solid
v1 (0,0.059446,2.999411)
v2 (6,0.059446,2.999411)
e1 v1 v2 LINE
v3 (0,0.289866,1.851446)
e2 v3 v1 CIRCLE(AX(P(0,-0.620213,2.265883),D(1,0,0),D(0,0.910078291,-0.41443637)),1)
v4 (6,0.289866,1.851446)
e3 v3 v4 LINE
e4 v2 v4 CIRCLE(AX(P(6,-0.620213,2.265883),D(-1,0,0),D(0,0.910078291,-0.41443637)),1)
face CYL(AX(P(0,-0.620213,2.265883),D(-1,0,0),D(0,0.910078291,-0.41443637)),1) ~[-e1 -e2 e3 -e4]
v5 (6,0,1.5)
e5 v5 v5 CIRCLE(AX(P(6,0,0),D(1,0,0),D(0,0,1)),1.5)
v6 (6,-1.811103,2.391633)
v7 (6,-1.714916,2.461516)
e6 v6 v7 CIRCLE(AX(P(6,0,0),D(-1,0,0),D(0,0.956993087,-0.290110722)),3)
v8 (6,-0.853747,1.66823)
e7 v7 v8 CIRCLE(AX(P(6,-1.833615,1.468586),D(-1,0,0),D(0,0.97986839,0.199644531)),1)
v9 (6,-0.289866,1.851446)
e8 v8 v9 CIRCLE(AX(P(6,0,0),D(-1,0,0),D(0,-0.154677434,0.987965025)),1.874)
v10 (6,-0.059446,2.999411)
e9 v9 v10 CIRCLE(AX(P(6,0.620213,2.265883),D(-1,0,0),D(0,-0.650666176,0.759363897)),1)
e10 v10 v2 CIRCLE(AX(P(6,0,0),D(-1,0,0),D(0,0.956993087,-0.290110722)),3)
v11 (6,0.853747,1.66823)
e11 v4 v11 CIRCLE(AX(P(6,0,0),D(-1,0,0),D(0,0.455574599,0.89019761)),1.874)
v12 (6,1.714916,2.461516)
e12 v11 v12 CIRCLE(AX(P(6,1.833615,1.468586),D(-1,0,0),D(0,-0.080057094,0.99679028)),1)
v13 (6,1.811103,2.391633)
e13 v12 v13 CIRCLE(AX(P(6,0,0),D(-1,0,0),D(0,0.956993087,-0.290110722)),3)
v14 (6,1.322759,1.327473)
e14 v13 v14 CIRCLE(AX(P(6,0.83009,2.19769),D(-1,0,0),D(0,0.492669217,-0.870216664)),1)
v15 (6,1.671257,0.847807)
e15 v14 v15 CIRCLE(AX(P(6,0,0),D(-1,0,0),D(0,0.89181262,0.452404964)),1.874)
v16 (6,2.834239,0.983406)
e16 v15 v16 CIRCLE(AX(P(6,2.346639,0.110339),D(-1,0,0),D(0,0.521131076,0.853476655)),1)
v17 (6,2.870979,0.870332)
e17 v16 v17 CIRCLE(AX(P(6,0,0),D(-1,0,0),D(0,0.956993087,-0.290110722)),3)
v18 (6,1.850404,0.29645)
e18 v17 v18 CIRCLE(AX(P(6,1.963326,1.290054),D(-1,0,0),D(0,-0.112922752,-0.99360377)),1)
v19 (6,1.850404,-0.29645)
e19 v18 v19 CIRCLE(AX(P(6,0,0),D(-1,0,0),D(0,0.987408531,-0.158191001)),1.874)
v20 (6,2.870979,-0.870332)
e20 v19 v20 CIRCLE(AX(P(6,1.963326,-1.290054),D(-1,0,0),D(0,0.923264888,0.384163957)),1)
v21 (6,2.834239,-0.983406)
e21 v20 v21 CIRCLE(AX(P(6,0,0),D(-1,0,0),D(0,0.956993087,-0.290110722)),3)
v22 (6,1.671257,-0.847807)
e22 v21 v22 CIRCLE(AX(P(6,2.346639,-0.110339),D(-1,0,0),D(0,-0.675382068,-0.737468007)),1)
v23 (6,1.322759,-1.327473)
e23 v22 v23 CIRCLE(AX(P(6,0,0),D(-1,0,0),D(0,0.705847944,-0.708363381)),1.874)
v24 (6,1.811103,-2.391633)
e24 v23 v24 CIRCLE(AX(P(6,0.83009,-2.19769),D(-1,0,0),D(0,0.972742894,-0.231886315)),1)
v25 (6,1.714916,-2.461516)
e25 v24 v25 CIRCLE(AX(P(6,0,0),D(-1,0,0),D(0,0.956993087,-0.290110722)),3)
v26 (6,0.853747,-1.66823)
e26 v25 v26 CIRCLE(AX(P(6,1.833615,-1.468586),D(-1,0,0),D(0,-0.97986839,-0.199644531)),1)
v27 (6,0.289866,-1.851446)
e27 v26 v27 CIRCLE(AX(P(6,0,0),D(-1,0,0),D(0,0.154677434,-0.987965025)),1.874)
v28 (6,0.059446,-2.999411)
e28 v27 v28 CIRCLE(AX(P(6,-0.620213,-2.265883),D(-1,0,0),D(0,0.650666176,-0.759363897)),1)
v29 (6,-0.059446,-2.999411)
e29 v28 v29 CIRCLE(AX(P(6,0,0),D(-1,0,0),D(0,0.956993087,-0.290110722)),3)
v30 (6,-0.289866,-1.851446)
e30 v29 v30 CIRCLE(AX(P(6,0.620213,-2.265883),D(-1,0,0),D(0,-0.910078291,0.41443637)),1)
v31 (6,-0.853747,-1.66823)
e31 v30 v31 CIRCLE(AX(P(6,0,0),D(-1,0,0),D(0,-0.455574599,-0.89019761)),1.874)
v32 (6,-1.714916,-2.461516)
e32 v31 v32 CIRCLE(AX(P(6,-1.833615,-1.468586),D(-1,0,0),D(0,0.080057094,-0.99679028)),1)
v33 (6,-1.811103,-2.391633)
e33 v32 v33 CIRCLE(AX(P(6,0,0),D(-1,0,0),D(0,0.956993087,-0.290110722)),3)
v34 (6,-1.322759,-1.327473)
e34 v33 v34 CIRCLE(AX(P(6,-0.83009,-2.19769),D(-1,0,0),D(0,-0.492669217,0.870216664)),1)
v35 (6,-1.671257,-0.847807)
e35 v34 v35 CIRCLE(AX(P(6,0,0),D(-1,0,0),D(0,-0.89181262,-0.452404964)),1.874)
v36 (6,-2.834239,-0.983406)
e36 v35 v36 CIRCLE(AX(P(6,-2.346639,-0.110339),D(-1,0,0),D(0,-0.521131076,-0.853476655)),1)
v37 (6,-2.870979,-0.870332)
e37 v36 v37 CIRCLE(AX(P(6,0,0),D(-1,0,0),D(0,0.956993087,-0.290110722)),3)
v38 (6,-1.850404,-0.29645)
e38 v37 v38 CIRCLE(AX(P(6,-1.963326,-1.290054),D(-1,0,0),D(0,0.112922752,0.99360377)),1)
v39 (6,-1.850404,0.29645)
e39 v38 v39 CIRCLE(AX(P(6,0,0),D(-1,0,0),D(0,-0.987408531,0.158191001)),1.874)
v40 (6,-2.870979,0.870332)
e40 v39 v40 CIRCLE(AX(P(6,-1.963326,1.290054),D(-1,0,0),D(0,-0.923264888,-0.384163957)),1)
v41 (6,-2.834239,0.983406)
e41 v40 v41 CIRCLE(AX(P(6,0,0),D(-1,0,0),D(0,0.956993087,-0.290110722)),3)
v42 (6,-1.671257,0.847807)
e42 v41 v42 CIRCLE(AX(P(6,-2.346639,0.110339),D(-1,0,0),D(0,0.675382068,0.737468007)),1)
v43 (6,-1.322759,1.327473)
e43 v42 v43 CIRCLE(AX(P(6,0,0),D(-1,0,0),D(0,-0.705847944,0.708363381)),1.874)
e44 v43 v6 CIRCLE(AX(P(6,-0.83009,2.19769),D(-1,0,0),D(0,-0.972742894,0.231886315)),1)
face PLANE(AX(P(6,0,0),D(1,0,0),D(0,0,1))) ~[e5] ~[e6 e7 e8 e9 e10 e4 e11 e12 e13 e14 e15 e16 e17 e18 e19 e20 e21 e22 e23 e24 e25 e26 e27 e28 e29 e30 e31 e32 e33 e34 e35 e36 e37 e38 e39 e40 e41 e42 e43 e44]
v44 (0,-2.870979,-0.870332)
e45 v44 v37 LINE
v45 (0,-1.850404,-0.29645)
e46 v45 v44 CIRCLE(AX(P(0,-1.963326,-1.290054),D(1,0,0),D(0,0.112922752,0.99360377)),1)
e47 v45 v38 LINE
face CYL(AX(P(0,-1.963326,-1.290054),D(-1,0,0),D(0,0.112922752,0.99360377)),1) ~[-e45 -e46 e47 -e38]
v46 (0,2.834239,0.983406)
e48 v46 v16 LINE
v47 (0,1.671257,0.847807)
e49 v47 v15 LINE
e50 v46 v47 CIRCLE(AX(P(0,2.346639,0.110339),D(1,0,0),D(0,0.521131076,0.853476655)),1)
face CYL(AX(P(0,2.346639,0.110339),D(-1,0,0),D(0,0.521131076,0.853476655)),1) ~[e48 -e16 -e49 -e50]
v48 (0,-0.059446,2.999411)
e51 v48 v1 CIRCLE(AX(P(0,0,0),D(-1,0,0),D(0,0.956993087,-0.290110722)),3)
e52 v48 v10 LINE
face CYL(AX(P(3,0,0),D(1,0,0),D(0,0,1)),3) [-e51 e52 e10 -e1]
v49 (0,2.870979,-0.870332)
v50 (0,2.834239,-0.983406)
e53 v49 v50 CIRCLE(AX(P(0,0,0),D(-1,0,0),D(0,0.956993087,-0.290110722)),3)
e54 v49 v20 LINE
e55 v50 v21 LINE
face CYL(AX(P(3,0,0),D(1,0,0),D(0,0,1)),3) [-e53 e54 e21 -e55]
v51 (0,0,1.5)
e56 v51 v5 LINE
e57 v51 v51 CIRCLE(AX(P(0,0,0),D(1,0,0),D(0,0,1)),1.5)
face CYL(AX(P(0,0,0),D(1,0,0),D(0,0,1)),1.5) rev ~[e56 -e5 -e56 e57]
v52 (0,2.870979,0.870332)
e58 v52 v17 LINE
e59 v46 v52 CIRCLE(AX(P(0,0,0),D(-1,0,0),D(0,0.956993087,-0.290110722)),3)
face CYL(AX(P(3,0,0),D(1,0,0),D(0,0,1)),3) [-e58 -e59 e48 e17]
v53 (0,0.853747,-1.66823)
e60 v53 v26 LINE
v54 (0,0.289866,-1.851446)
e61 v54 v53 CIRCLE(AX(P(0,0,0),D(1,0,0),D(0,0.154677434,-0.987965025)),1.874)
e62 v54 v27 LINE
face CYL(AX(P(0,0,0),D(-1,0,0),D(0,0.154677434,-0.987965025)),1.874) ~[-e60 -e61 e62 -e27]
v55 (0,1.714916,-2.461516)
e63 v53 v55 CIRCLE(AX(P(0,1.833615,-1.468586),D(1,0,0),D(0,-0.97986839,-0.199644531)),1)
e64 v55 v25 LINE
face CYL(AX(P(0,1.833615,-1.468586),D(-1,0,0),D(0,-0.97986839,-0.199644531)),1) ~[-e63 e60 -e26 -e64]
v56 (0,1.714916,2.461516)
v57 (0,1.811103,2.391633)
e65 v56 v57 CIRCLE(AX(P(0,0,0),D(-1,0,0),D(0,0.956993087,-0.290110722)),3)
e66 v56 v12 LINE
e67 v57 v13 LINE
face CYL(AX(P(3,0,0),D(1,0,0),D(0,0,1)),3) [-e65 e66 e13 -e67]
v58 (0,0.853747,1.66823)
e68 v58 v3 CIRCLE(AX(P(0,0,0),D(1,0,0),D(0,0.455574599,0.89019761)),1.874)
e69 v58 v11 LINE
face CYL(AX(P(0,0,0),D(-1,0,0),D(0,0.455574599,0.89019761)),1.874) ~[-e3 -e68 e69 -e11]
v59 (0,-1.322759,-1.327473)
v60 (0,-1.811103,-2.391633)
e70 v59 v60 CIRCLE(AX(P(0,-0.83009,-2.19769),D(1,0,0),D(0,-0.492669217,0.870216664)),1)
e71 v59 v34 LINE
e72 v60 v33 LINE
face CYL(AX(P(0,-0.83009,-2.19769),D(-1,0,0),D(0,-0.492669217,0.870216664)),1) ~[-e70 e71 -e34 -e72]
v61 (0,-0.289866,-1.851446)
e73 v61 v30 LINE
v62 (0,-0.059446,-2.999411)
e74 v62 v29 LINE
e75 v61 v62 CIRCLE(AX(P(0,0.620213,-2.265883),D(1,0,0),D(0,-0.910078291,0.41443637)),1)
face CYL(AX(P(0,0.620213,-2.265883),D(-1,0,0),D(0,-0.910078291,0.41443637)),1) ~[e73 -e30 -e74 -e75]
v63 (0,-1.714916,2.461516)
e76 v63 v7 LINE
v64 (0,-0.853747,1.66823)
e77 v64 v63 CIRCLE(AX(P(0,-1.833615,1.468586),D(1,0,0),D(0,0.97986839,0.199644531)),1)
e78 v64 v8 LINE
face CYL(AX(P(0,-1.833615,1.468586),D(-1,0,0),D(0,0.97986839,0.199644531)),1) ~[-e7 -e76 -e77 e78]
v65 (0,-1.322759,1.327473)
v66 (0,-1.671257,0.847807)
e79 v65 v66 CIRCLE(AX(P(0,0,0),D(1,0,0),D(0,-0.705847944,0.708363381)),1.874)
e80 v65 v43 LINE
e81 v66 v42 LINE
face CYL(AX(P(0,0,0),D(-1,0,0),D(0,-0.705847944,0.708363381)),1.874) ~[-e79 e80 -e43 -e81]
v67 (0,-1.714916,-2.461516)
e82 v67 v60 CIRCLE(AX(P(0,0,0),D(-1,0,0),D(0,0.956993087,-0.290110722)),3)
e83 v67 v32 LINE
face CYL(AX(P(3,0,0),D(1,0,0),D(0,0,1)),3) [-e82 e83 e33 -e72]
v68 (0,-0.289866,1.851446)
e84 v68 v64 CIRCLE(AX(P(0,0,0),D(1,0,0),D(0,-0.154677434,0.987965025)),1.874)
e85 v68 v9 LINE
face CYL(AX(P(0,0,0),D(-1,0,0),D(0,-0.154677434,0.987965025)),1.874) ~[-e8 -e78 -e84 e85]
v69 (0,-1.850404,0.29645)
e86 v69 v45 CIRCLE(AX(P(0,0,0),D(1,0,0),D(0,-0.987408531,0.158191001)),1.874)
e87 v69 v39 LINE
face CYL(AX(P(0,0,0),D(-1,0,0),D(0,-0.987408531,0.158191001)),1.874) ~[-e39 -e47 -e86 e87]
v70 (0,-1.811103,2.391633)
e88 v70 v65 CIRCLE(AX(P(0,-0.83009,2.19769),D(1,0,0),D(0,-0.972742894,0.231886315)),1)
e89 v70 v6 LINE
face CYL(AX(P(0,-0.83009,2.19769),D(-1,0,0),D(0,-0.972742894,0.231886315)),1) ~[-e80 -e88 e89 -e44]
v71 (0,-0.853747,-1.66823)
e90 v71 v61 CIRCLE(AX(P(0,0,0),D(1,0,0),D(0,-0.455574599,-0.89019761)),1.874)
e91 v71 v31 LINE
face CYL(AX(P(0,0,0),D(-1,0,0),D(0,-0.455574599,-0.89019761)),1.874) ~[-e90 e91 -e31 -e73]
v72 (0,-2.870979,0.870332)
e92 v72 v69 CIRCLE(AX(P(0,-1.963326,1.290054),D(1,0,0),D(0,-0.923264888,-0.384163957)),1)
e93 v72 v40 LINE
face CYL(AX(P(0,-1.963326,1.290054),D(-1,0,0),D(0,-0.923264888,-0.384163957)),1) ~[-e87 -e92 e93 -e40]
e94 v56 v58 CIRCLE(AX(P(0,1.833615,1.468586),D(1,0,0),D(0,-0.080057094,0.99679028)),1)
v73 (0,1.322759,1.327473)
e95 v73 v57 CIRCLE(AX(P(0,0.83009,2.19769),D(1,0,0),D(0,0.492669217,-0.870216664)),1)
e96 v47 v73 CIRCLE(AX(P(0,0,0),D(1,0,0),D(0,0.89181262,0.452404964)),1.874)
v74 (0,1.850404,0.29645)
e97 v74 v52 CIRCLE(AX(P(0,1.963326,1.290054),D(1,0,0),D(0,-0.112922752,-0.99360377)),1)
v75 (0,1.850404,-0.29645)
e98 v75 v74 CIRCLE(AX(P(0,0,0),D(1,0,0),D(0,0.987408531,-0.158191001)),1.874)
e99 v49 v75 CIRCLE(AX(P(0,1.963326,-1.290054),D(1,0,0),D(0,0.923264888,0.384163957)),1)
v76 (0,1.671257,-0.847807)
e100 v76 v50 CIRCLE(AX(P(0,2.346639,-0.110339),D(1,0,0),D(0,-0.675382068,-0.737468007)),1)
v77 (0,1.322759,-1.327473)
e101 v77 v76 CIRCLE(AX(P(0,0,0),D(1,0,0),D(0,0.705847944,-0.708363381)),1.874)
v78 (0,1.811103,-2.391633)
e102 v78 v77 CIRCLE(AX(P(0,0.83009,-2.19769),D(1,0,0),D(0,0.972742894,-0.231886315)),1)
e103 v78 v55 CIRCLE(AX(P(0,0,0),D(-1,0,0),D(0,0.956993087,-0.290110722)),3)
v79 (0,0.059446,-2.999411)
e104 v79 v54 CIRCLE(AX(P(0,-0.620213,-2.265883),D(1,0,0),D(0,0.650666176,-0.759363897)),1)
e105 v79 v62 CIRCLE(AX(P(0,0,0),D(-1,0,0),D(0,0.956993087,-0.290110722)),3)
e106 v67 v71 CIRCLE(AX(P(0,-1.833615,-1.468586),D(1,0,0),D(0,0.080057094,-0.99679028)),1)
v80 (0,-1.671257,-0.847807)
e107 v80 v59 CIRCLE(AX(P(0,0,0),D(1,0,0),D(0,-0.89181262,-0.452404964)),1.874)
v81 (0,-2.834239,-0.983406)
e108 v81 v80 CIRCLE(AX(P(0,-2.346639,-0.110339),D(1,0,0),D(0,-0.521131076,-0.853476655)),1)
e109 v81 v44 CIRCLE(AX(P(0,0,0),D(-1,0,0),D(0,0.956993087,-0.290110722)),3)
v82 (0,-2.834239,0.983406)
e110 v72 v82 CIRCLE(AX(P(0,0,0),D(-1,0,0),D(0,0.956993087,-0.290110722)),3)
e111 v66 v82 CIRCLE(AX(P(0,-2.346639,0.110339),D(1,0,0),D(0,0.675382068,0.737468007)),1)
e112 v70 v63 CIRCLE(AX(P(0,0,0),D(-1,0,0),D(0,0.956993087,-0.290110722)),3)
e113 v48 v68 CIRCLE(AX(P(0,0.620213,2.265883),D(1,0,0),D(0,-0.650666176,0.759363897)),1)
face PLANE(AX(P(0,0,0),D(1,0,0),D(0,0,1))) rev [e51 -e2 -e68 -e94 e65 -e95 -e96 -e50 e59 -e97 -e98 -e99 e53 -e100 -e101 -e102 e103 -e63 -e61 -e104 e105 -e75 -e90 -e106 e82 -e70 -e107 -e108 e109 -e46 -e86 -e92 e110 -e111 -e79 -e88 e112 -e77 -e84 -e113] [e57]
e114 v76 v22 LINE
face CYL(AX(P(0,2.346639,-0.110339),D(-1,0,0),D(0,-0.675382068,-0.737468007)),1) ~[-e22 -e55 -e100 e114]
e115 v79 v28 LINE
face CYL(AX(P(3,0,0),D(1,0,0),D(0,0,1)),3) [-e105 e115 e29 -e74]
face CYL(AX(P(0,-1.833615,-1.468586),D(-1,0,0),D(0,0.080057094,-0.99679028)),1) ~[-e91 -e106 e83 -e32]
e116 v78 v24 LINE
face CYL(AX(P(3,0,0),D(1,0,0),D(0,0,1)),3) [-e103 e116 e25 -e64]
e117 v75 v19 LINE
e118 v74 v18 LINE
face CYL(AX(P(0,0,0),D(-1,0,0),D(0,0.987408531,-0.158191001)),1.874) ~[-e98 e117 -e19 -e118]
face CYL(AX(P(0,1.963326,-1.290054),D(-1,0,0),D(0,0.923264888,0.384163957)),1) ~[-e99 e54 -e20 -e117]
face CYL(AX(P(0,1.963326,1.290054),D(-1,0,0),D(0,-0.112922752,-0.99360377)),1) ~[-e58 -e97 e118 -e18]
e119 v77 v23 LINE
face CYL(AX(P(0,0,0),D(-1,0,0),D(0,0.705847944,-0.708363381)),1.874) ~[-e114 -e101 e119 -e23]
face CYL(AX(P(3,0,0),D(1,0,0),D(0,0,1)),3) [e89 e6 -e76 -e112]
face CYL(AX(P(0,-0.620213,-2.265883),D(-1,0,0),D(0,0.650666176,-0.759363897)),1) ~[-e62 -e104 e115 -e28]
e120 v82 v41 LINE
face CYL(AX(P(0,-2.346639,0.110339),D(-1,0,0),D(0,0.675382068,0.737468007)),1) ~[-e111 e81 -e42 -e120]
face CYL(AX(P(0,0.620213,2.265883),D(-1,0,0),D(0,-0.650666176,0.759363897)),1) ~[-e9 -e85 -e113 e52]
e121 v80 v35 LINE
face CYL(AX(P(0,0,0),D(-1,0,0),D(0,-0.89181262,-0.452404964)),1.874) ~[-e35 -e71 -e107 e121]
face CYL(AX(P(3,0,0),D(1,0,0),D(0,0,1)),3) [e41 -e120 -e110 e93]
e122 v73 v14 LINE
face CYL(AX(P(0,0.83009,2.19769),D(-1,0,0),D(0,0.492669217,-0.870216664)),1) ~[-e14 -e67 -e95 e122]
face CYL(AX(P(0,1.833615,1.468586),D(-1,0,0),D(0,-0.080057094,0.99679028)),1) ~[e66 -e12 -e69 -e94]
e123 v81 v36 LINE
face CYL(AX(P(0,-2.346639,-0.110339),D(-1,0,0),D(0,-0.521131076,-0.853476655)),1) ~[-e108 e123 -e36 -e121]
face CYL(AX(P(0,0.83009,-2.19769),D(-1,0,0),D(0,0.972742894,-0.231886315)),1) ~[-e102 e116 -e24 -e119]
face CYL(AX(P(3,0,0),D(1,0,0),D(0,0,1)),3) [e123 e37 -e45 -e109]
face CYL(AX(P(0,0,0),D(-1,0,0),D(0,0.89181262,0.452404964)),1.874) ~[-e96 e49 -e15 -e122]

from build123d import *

# Parameters (mm, degrees)
BASPROSKE_W     = 6
BASPROSKE_H     = 3
TOOTHCUT_DEPTH  = 8.348469228
TEETHCUTS_COUNT = 10
BORSKE_R        = 1.5
BORE_DEPTH      = 50.0000508


with BuildPart() as part:
    # BasProSke → Base-Revolve (revolve)
    with BuildSketch(Plane(origin=(0, 0, 0), x_dir=(1, 0, 0), z_dir=(0, 1, 0)), mode=Mode.PRIVATE) as base_revolve_sk:
        with Locations((3, 1.5)):
            Rectangle(BASPROSKE_W, BASPROSKE_H)
    revolve(base_revolve_sk.sketch.rotate(Axis((-10, 0, 0), (1, 0, 0)), 180), axis=Axis((-10, 0, 0), (1, 0, 0)))

    # TooCutSke → ToothCut (cut, through all)
    with BuildSketch(Plane(origin=(0, 0, 0), x_dir=(0, 0, -1), z_dir=(1, 0, 0))):
        with BuildLine():
            ThreePointArc((0.296449938, 1.850403587), (0, 1.874), (-0.296449938, 1.850403587))
            ThreePointArc((-0.296449938, 1.850403587), (-0.428089565, 2.470295585), (-0.905889751, 2.886591228))
            ThreePointArc((-0.905889751, 2.886591228), (0, 3.0254), (0.905889751, 2.886591228))
            ThreePointArc((0.905889751, 2.886591228), (0.428089565, 2.470295585), (0.296449938, 1.850403587))
        make_face()
    toothcut = extrude(amount=TOOTHCUT_DEPTH, mode=Mode.SUBTRACT)

    # TeethCuts: ToothCut ×10 about axis
    teethcuts_axis = Axis((0, 0, 0), (1, 0, 0))
    for i in range(1, TEETHCUTS_COUNT):
        add(toothcut.rotate(teethcuts_axis, i * 360 / TEETHCUTS_COUNT), mode=Mode.SUBTRACT)

    # BorSke → Bore (cut, symmetric)
    with BuildSketch(Plane(origin=(0, 0, 0), x_dir=(0, 0, -1), z_dir=(1, 0, 0))):
        with Locations(Location((0, 0, 0), (0, 0, 180))):
            Circle(BORSKE_R)
    extrude(amount=BORE_DEPTH, both=True, mode=Mode.SUBTRACT)


solid = part.part
